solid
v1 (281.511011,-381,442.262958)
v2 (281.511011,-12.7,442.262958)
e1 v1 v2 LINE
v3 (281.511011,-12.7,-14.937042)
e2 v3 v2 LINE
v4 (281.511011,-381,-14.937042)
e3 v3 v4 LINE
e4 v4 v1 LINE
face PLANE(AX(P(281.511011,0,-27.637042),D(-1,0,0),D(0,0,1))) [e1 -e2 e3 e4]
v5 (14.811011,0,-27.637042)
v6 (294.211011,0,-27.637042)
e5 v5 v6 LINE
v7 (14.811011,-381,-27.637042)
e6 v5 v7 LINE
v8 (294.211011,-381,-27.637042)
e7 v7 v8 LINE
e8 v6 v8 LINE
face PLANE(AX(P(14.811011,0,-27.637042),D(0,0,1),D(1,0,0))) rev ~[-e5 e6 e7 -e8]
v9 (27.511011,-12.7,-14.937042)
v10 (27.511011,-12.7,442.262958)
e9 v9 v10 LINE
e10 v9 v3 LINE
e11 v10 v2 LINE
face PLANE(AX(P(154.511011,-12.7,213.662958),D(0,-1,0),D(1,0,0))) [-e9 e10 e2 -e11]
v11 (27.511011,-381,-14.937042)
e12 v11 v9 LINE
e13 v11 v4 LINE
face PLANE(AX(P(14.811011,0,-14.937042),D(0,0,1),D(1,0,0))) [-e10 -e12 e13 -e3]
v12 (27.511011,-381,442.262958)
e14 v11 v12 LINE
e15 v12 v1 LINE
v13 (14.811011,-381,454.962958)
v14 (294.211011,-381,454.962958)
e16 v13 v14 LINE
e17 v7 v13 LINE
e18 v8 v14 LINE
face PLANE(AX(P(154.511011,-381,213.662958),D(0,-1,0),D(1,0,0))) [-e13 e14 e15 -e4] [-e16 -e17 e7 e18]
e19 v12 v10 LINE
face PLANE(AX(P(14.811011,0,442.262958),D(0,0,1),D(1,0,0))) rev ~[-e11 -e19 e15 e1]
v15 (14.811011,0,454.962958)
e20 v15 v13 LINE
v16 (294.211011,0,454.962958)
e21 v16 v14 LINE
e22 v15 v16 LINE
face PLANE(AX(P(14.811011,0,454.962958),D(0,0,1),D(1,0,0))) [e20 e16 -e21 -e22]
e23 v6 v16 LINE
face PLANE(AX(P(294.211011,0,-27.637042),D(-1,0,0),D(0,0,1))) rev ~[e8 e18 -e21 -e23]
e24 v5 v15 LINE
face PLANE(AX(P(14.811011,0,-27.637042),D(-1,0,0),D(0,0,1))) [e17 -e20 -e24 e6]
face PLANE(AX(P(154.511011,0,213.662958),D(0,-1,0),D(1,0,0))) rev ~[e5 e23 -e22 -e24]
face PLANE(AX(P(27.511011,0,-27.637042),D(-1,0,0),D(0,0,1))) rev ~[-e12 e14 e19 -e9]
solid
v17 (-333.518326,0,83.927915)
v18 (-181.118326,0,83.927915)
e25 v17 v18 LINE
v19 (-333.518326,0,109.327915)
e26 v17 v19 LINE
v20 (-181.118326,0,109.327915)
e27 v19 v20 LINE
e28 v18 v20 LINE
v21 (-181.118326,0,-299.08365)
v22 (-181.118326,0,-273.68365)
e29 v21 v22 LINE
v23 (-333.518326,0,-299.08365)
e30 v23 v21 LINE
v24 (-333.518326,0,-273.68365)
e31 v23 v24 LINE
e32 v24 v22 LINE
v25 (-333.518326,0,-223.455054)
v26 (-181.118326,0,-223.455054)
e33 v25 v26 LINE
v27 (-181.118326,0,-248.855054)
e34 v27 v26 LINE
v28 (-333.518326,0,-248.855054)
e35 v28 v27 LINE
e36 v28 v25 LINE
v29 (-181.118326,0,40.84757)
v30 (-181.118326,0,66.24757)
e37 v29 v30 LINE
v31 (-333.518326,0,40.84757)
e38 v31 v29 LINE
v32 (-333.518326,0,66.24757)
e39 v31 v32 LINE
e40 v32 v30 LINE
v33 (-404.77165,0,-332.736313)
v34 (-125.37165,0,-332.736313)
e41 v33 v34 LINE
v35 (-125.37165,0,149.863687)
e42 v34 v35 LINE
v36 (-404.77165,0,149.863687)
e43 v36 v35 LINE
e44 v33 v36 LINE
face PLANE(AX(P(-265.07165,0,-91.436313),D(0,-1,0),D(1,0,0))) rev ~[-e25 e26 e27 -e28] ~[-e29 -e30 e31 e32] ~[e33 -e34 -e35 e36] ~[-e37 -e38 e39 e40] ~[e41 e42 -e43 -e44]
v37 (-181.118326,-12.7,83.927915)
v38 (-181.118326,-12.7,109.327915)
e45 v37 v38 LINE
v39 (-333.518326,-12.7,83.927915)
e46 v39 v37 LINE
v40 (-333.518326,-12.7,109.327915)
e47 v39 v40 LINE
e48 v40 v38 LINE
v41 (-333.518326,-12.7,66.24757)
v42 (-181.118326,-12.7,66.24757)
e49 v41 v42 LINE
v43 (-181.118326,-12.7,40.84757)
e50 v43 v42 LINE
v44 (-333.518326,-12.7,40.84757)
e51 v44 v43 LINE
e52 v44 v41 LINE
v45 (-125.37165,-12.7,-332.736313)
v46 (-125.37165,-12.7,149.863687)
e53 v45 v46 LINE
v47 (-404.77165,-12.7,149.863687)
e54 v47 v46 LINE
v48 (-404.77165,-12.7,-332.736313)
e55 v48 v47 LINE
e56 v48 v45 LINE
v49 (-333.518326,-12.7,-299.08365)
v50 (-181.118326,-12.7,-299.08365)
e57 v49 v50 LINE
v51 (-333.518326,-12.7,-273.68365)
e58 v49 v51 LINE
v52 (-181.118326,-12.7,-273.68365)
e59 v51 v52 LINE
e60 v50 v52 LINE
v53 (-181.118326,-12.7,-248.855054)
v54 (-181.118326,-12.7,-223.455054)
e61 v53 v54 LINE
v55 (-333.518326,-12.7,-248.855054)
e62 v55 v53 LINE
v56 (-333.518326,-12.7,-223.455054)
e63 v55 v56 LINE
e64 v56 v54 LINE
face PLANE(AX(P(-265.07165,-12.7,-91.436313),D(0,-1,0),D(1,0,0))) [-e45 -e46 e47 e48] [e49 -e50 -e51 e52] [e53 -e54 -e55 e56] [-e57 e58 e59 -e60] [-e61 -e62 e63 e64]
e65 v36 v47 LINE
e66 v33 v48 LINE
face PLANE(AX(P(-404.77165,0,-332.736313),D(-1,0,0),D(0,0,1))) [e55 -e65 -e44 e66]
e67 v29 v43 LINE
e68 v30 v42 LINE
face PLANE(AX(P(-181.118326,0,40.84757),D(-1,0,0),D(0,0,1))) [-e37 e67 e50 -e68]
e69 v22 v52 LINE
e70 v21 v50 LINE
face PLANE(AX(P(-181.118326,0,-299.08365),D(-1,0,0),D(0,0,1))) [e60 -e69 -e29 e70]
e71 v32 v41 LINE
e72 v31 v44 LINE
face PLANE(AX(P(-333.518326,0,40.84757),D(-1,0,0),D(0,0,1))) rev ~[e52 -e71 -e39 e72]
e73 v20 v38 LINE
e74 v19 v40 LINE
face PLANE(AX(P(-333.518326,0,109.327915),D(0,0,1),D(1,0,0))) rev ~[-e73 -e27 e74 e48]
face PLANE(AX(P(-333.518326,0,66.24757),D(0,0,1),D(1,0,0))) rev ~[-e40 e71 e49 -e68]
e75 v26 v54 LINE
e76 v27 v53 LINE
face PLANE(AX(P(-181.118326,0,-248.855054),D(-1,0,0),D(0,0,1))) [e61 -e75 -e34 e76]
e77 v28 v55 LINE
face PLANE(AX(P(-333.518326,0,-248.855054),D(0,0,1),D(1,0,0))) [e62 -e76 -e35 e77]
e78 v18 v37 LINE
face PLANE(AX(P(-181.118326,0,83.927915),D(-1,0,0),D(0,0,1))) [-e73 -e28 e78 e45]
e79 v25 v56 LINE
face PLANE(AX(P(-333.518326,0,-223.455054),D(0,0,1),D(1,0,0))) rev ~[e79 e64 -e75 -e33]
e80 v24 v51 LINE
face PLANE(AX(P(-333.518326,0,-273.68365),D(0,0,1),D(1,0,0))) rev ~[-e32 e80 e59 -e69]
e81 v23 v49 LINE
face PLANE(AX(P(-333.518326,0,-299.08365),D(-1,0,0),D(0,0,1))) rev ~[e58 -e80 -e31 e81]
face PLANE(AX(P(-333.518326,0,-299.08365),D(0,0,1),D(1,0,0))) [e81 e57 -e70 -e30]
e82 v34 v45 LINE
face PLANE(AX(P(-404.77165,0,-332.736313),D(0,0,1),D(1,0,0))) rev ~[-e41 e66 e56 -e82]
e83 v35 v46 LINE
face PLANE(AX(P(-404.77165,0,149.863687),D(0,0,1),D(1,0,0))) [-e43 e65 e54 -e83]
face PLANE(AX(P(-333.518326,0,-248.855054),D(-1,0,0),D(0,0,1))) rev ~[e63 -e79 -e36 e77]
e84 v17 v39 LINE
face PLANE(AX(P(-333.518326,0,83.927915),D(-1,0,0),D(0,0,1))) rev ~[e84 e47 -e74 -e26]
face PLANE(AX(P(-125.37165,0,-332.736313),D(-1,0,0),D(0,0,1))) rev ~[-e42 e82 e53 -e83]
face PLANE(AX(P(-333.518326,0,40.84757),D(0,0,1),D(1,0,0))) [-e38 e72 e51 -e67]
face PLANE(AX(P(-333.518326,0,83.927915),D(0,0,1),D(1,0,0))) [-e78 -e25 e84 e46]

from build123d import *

# Parameters (mm, degrees)
F0_W     = 279.4
F0_H     = 482.6
F1_DEPTH = 381
F2_W     = 279.4
F2_H     = 482.6
F2_W_2   = 152.4
F2_H_2   = 25.4
F3_DEPTH = 12.7
F4_T     = -12.7


with BuildPart() as f1:
    # F0 (on Front) → F1 (new body)
    with BuildSketch(Plane.XZ):
        with Locations((154.511011, 213.662958)):
            Rectangle(F0_W, F0_H)
    extrude(amount=F1_DEPTH)

    # F4
    f4_openings = [f1.faces().sort_by_distance(p)[0] for p in [
        (154.511011, -381, 213.662958),
    ]]
    offset(amount=F4_T, openings=f4_openings)


with BuildPart() as f3:
    # F2 (on Front) → F3 (new body)
    with BuildSketch(Plane.XZ):
        with Locations((-265.07165, -91.436313)):
            Rectangle(F2_W, F2_H)
        with Locations((-257.318326, -286.38365)):
            Rectangle(F2_W_2, F2_H_2, mode=Mode.SUBTRACT)
        with Locations((-257.318326, -236.155054)):
            Rectangle(F2_W_2, F2_H_2, mode=Mode.SUBTRACT)
        with Locations((-257.318326, 53.54757)):
            Rectangle(F2_W_2, F2_H_2, mode=Mode.SUBTRACT)
        with Locations((-257.318326, 96.627915)):
            Rectangle(F2_W_2, F2_H_2, mode=Mode.SUBTRACT)
    extrude(amount=F3_DEPTH)


solid = Compound([f1.part, f3.part])
